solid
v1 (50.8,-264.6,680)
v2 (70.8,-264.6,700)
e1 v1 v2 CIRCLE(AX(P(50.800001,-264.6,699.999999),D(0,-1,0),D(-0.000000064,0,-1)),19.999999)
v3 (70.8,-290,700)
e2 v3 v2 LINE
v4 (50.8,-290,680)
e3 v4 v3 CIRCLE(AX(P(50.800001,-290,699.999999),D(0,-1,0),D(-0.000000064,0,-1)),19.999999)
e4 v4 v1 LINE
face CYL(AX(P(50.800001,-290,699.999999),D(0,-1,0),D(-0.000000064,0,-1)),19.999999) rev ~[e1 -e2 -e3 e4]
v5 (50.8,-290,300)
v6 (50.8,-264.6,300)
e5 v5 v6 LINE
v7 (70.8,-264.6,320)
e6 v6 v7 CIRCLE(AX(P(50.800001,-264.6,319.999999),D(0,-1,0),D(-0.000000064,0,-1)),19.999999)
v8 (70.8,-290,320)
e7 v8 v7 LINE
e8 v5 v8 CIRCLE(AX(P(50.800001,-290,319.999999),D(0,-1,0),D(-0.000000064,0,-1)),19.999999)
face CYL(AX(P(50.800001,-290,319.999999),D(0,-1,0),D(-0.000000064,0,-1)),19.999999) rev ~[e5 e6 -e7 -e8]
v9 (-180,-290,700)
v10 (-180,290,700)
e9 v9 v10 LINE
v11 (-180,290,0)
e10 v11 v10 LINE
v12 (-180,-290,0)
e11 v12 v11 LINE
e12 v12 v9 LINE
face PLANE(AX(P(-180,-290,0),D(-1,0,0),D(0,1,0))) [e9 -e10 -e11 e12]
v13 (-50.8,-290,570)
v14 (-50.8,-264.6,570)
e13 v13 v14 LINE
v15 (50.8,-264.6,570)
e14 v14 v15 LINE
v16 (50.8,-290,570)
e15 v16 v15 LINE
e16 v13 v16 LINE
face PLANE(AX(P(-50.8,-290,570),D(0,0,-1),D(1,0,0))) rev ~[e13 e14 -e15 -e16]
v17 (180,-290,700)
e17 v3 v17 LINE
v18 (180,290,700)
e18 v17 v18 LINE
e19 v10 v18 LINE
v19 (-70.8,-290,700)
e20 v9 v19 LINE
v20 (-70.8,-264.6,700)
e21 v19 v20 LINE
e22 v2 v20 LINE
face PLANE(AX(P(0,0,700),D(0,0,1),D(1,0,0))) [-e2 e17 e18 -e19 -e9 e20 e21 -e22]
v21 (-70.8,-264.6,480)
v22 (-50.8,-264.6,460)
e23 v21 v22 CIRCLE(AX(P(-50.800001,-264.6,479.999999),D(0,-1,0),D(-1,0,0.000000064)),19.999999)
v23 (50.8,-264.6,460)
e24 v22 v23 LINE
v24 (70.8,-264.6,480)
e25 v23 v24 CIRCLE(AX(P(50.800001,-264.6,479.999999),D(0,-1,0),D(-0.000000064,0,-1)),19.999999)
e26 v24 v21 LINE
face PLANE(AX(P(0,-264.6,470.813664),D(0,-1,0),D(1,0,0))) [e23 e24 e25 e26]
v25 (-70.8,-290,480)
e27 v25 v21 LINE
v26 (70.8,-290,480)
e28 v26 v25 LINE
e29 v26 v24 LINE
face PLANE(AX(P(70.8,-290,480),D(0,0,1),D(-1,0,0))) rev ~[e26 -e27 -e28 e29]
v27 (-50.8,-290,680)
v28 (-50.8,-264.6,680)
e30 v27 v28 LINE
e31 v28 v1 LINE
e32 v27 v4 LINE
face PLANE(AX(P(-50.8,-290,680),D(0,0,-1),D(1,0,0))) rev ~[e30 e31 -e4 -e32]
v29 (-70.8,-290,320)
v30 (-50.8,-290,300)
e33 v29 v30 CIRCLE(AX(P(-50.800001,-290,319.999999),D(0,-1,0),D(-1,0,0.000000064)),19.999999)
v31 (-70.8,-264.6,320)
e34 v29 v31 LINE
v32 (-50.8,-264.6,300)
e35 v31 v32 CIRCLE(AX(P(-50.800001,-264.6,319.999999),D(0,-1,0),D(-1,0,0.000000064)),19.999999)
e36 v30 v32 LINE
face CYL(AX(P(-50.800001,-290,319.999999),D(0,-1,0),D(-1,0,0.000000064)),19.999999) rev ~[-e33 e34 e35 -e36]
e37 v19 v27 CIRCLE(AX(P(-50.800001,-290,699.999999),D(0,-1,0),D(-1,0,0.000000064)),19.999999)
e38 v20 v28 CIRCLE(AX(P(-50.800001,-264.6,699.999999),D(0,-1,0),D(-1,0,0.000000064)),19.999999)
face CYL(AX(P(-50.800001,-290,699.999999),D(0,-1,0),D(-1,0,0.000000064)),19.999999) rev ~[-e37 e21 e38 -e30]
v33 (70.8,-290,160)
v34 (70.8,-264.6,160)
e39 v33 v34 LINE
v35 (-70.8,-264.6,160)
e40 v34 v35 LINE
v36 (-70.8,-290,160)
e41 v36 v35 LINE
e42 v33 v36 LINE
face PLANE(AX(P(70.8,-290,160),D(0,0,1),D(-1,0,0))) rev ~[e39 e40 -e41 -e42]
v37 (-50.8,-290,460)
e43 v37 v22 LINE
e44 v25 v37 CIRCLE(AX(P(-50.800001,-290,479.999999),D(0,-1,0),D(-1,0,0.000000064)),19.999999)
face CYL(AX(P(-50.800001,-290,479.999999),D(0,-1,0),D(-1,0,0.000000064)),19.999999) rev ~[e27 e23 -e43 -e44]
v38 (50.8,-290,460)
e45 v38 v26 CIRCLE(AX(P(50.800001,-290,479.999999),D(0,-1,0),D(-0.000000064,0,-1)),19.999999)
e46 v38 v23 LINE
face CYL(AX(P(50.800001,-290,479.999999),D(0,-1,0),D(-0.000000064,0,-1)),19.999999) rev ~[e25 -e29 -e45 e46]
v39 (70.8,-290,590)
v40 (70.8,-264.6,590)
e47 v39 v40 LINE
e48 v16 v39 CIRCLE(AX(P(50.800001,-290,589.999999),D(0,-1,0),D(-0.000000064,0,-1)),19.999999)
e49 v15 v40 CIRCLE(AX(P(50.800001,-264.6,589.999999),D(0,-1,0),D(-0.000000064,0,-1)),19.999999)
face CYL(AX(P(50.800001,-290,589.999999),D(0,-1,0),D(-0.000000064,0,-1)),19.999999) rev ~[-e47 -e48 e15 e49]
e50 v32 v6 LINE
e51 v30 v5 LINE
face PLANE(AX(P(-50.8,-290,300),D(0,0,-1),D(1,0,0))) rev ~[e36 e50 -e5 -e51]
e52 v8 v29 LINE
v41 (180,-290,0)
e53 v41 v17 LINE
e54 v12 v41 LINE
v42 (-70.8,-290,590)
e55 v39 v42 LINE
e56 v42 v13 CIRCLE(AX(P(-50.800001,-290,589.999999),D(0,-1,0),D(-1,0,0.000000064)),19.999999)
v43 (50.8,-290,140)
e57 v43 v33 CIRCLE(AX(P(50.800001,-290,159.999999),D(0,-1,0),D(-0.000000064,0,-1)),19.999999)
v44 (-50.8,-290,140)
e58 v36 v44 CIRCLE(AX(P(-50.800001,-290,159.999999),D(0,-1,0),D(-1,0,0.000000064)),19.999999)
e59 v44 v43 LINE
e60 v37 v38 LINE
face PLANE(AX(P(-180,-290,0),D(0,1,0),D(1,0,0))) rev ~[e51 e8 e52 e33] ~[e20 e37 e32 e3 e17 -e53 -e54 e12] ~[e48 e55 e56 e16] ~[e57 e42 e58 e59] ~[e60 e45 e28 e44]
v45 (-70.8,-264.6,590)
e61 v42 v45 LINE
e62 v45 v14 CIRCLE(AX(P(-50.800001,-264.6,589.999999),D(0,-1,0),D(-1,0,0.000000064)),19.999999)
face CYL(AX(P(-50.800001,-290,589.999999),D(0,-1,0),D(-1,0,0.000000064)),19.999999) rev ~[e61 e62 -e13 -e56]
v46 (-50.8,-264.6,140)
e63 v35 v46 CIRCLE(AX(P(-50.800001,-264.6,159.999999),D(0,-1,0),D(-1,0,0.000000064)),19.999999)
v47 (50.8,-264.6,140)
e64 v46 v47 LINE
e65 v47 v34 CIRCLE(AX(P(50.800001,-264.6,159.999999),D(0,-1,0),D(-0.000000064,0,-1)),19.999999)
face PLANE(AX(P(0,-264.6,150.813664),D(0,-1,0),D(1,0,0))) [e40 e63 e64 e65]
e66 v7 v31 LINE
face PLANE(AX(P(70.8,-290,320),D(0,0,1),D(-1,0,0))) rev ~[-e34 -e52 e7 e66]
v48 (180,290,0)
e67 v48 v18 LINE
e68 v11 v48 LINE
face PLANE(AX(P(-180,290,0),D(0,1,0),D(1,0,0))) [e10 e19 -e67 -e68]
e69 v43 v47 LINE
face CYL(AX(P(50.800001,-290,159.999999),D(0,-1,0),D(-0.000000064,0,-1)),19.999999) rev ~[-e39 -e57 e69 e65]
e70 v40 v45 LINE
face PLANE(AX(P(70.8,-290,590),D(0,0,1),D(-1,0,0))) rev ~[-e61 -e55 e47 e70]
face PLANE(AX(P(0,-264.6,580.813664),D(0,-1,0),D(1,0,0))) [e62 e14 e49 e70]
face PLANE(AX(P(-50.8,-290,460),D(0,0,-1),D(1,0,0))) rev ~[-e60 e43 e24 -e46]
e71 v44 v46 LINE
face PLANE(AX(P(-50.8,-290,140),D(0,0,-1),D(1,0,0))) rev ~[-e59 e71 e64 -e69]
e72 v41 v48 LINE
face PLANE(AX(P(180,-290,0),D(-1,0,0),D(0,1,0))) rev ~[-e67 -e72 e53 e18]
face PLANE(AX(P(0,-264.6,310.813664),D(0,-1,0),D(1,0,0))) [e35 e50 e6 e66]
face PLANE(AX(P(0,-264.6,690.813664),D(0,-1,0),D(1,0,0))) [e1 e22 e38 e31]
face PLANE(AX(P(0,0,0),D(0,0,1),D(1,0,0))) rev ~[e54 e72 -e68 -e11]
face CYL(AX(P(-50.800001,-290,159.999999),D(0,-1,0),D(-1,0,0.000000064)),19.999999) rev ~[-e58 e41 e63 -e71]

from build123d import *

# Parameters (mm, degrees)
F0_W     = 360
F0_H     = 580
F1_DEPTH = 700
F3_DEPTH = 25.4


with BuildPart() as f1:
    # F0 (on Top) → F1 (new body)
    with BuildSketch(Plane.XY):
        Rectangle(F0_W, F0_H)
    extrude(amount=F1_DEPTH)

    # F2 (on face) → F3 (cut)
    with BuildSketch(Plane.XZ.offset(290)):
        with BuildLine():
            ThreePointArc((50.8, 680), (64.942136, 685.857864), (70.8, 700))
            Line((70.8, 700), (50.8, 700))
            Line((50.8, 700), (-50.8, 700))
            Line((-50.8, 700), (-70.8, 700))
            ThreePointArc((-70.8, 700), (-64.942136, 685.857864), (-50.8, 680))
            Line((-50.8, 680), (50.8, 680))
        make_face()
        with BuildLine():
            ThreePointArc((50.8, 570), (64.942136, 575.857864), (70.8, 590))
            Line((70.8, 590), (50.8, 590))
            Line((50.8, 590), (-50.8, 590))
            Line((-50.8, 590), (-70.8, 590))
            ThreePointArc((-70.8, 590), (-64.942136, 575.857864), (-50.8, 570))
            Line((-50.8, 570), (50.8, 570))
        make_face()
        with BuildLine():
            ThreePointArc((50.8, 460), (64.942136, 465.857864), (70.8, 480))
            Line((70.8, 480), (50.8, 480))
            Line((50.8, 480), (-50.8, 480))
            Line((-50.8, 480), (-70.8, 480))
            ThreePointArc((-70.8, 480), (-64.942136, 465.857864), (-50.8, 460))
            Line((-50.8, 460), (50.8, 460))
        make_face()
        with BuildLine():
            ThreePointArc((50.8, 300), (64.942136, 305.857864), (70.8, 320))
            Line((70.8, 320), (50.8, 320))
            Line((50.8, 320), (-50.8, 320))
            Line((-50.8, 320), (-70.8, 320))
            ThreePointArc((-70.8, 320), (-64.942136, 305.857864), (-50.8, 300))
            Line((-50.8, 300), (50.8, 300))
        make_face()
        with BuildLine():
            Line((70.8, 160), (50.8, 160))
            Line((50.8, 160), (-50.8, 160))
            Line((-50.8, 160), (-70.8, 160))
            ThreePointArc((-70.8, 160), (-64.942136, 145.857864), (-50.8, 140))
            Line((-50.8, 140), (50.8, 140))
            ThreePointArc((50.8, 140), (64.942136, 145.857864), (70.8, 160))
        make_face()
    extrude(amount=-F3_DEPTH, mode=Mode.SUBTRACT)


solid = f1.part
